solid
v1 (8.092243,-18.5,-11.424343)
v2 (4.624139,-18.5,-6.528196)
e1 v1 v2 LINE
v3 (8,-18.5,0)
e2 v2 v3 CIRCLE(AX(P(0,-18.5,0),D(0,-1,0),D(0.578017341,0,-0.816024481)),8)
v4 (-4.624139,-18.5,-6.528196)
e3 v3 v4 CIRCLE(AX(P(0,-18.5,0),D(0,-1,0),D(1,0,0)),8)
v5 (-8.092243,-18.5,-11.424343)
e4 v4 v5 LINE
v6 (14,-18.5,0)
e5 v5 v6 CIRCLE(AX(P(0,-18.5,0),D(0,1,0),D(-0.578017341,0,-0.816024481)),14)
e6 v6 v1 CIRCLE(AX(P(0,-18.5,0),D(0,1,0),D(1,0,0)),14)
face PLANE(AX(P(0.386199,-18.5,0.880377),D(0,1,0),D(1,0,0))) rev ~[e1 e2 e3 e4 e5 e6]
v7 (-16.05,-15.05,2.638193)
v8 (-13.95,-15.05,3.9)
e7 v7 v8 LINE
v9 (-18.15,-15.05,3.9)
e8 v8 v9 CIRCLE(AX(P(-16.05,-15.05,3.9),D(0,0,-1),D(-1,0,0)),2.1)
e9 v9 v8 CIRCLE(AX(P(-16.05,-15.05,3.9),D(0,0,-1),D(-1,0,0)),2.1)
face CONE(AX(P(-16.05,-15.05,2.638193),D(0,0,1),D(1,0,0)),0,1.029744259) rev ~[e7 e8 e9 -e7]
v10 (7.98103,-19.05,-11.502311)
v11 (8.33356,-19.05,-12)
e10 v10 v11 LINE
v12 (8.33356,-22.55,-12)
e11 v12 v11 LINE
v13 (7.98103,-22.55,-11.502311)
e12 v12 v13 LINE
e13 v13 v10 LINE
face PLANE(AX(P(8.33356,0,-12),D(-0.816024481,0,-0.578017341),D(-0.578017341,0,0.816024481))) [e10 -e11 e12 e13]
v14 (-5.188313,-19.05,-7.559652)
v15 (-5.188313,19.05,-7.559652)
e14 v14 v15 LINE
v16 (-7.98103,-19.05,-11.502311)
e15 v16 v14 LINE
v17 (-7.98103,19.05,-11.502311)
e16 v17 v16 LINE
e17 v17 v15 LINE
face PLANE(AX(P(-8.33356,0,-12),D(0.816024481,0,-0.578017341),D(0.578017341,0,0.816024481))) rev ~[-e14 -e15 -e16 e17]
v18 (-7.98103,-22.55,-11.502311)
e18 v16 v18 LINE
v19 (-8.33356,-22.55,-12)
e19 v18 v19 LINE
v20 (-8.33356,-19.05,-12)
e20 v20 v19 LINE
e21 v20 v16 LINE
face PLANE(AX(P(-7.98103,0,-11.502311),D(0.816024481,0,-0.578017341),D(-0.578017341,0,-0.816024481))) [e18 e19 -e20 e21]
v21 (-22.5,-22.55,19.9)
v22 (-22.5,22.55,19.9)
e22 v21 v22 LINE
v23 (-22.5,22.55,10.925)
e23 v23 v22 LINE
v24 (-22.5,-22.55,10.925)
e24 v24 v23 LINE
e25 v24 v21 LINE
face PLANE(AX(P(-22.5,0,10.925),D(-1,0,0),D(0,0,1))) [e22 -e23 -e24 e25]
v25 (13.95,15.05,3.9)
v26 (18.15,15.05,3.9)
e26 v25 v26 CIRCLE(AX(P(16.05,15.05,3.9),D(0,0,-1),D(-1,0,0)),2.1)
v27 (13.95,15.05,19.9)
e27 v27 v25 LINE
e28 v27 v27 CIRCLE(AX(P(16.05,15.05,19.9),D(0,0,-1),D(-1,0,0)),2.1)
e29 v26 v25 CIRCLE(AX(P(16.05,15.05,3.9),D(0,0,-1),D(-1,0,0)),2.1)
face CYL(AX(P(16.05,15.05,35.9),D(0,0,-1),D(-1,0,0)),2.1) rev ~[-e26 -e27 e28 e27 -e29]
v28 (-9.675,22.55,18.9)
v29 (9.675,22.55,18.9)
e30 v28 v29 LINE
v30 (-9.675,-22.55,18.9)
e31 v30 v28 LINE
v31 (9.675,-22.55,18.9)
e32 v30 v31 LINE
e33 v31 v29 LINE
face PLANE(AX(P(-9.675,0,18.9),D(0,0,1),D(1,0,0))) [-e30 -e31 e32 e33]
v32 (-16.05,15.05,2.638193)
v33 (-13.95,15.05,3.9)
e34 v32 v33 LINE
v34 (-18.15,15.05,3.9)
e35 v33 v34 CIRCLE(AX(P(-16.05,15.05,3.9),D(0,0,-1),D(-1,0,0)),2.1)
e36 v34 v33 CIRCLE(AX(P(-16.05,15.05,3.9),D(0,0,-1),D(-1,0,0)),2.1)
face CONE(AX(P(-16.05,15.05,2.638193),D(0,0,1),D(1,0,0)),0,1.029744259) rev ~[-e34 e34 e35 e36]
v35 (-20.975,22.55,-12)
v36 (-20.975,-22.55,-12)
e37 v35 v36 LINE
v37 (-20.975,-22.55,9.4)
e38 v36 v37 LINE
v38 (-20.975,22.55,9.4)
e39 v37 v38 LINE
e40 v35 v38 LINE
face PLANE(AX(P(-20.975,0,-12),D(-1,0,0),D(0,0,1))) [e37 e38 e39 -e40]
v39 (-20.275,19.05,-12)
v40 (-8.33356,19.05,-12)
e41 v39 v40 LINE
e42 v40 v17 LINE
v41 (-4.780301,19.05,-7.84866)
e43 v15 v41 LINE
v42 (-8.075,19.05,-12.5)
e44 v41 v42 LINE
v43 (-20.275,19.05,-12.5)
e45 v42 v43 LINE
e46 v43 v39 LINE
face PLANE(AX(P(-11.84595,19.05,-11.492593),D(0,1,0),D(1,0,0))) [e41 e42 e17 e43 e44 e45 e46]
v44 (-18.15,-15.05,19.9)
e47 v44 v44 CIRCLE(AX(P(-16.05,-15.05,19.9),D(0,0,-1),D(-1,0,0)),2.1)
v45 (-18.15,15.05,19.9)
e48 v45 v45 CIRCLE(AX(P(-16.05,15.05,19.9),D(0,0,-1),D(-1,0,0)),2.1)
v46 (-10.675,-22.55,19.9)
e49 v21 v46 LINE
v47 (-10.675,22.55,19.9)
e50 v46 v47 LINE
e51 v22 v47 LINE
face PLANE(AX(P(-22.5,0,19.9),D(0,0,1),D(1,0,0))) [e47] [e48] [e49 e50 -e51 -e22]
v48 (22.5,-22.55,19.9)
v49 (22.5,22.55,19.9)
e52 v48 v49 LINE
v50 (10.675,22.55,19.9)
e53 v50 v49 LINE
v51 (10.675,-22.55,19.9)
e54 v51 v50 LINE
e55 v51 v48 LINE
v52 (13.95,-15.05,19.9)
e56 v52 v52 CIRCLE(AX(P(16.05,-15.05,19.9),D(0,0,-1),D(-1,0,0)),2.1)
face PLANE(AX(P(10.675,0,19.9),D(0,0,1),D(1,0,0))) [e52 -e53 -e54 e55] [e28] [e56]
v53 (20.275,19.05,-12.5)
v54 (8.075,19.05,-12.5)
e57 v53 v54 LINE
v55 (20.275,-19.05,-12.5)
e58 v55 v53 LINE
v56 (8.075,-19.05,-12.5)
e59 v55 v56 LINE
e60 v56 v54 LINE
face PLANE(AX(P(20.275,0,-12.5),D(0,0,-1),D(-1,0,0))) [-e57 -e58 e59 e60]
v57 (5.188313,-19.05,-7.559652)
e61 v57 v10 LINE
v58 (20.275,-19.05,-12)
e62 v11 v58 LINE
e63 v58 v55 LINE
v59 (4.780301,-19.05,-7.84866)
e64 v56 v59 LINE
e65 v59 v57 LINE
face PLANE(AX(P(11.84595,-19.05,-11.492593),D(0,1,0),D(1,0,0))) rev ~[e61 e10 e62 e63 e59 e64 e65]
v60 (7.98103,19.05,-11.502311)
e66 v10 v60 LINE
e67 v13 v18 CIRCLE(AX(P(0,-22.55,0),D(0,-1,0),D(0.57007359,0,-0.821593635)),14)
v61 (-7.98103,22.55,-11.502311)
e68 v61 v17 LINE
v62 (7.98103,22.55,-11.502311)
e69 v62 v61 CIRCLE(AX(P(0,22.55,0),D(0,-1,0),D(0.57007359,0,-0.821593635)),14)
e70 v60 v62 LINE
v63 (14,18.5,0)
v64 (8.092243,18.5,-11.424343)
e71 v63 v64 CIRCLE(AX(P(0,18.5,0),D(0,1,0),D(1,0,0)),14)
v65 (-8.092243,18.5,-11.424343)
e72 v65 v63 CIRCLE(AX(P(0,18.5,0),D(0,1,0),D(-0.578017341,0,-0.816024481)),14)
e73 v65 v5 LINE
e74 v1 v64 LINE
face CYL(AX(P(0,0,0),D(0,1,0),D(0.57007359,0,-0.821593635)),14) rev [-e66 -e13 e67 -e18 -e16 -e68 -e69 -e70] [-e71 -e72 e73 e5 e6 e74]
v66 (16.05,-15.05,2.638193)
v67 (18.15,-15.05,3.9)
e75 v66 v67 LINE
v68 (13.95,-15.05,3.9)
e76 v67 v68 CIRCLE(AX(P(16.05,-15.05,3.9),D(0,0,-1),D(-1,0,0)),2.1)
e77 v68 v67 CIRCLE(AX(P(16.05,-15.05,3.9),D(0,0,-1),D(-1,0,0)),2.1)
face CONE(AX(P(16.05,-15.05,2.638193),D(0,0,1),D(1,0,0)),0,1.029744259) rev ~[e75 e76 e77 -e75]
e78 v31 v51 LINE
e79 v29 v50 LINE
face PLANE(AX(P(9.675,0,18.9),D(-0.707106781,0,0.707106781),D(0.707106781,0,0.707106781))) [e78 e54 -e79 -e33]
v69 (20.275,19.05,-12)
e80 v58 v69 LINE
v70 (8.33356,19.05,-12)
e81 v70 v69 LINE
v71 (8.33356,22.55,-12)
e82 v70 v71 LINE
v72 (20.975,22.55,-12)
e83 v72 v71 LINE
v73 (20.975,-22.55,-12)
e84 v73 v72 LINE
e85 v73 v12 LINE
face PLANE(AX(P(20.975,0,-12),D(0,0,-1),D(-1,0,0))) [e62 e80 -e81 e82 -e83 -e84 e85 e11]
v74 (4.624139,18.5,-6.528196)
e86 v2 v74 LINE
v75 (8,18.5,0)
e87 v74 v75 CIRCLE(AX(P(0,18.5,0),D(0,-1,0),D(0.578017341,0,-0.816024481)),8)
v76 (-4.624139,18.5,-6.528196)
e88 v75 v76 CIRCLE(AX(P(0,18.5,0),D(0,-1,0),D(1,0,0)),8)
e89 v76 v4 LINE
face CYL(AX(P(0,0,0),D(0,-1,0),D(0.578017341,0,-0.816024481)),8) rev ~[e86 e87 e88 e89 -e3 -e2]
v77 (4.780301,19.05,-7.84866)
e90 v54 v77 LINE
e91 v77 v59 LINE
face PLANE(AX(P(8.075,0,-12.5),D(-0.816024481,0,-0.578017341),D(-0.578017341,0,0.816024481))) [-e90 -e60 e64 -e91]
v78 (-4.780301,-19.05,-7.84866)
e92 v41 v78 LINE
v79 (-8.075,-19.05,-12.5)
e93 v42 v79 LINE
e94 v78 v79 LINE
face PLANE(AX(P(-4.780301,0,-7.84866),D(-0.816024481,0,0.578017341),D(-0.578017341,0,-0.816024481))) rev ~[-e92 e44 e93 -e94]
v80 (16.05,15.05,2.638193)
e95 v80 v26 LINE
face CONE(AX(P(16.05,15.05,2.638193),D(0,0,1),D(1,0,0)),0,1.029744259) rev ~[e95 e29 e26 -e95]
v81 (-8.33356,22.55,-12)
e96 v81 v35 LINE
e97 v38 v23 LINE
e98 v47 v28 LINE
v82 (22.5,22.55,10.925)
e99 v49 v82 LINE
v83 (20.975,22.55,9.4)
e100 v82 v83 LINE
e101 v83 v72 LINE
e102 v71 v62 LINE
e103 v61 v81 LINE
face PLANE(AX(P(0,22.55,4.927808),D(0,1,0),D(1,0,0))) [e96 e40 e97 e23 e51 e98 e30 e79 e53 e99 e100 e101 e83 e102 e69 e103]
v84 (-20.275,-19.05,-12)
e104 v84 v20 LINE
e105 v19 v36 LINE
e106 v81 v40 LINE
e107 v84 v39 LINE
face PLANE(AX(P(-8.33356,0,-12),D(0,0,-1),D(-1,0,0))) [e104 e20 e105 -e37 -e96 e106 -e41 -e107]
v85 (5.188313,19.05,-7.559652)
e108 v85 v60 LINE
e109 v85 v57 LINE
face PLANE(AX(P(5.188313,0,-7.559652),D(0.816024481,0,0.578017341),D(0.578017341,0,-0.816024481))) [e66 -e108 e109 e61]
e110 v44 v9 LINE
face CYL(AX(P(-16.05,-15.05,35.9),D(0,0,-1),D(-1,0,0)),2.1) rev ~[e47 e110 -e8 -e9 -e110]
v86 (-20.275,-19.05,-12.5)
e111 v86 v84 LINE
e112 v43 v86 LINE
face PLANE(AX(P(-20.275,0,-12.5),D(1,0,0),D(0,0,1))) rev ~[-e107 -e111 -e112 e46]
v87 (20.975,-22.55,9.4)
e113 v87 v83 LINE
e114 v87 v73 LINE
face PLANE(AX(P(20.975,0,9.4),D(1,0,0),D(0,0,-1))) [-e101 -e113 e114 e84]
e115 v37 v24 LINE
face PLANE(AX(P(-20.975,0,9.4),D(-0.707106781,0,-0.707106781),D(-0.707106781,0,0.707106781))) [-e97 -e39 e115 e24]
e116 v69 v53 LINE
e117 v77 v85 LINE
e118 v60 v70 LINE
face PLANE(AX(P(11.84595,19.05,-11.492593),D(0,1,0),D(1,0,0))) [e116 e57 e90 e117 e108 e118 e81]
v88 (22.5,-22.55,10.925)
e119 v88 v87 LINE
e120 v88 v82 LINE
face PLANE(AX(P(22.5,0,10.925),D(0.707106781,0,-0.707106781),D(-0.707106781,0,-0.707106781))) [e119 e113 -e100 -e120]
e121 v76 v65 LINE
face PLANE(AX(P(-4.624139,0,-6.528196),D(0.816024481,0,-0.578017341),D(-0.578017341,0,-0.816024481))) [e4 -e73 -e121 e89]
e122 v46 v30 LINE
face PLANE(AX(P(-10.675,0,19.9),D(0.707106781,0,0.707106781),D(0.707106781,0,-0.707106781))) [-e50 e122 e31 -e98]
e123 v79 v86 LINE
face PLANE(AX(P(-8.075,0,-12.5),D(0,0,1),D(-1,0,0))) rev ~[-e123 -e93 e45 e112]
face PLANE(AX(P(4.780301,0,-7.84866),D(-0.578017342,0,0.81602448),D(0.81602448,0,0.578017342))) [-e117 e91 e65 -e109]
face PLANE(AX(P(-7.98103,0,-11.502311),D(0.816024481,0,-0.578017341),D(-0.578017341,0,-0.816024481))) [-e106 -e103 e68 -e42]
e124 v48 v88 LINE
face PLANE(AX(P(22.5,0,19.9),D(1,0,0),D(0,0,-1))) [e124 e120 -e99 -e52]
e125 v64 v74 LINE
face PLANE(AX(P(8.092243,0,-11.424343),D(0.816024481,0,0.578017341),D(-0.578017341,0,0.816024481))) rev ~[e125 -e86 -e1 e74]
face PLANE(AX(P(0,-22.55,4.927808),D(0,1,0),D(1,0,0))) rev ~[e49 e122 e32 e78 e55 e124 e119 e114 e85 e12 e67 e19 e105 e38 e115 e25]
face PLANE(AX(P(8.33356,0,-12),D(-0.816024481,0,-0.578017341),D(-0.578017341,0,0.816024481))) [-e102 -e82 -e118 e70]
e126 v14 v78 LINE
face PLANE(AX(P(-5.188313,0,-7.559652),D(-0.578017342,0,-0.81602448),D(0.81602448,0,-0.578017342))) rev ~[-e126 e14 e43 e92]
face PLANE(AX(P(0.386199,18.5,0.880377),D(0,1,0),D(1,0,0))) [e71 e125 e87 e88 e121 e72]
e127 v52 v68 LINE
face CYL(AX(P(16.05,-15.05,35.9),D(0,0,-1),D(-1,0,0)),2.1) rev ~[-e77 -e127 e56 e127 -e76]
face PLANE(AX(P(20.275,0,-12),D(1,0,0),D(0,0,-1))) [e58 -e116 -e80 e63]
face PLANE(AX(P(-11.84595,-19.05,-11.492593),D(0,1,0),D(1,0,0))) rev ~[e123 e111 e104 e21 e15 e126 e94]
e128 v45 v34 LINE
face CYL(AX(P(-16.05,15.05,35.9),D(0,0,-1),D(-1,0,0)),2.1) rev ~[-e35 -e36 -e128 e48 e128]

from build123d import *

# Parameters (mm, degrees)
MAIN_BODY_DEPTH             = 22.55
RUBBER_BEARING_SLEEVE_DEPTH = 18.5
BOSS_EXTRUDE3_DEPTH         = 19.05
M5X0_8_TAPPED_HOLE1_D       = 4.2
M5X0_8_TAPPED_HOLE1_DEPTH   = 16
M5X0_8_TAPPED_HOLE1_TIP     = 1.2618073


with BuildPart() as part:
    # Sketch1 → Main Body (new, symmetric)
    with BuildSketch(Plane(origin=(0, 0, 0), x_dir=(1, 0, 0), z_dir=(0, 1, 0))):
        with BuildLine():
            Line((-20.975, 12), (-20.975, -9.4))
            Line((-20.975, -9.4), (-22.5, -10.925))
            Line((-22.5, -10.925), (-22.5, -19.9))
            Line((-22.5, -19.9), (-10.675, -19.9))
            Line((-10.675, -19.9), (-9.675, -18.9))
            Line((-9.675, -18.9), (9.675, -18.9))
            Line((9.675, -18.9), (10.675, -19.9))
            Line((10.675, -19.9), (22.5, -19.9))
            Line((22.5, -19.9), (22.5, -10.925))
            Line((22.5, -10.925), (20.975, -9.4))
            Line((20.975, -9.4), (20.975, 12))
            Line((20.975, 12), (8.333560049, 12))
            Line((8.333560049, 12), (7.981030265, 11.502310894))
            ThreePointArc((7.981030265, 11.502310894), (0, -14), (-7.981030265, 11.502310894))
            Line((-7.981030265, 11.502310894), (-8.333560049, 12))
            Line((-8.333560049, 12), (-20.975, 12))
        make_face()
    extrude(amount=MAIN_BODY_DEPTH, both=True)

    # Sketch1<3> → Rubber Bearing Sleeve (add, symmetric)
    with BuildSketch(Plane(origin=(0, 0, 0), x_dir=(1, 0, 0), z_dir=(0, 1, 0))):
        with BuildLine():
            Line((-4.624138726, 6.528195849), (-8.092242771, 11.424342735))
            ThreePointArc((-8.092242771, 11.424342735), (-6.430730954, -12.435662403), (14, 0))
            ThreePointArc((14, 0), (12.435662403, 6.430730954), (8.092242771, 11.424342735))
            Line((8.092242771, 11.424342735), (4.624138726, 6.528195849))
            ThreePointArc((4.624138726, 6.528195849), (7.106092802, 3.674703402), (8, 0))
            ThreePointArc((8, 0), (-3.674703402, -7.106092802), (-4.624138726, 6.528195849))
        make_face()
    extrude(amount=RUBBER_BEARING_SLEEVE_DEPTH, both=True)

    # Sketch1<4> → Boss-Extrude3 (add, symmetric)
    with BuildSketch(Plane(origin=(0, 0, 0), x_dir=(1, 0, 0), z_dir=(0, 1, 0))):
        Polygon((-20.275, 12.5), (-20.275, 12), (-8.333560049, 12), (-5.188313398, 7.559651787), (-4.780301158, 7.848660458), (-8.075, 12.5), align=None)
        Polygon((8.333560049, 12), (20.275, 12), (20.275, 12.5), (8.075, 12.5), (4.780301158, 7.848660458), (5.188313398, 7.559651787), align=None)
    extrude(amount=BOSS_EXTRUDE3_DEPTH, both=True)

    # M5x0.8 Tapped Hole1
    with Locations(Plane.XY.offset(19.9)):
        with Locations((-16.05, 15.05), (16.05, 15.05), (16.05, -15.05), (-16.05, -15.05)):
            Hole(M5X0_8_TAPPED_HOLE1_D / 2, depth=M5X0_8_TAPPED_HOLE1_DEPTH)
            with Locations((0, 0, -(M5X0_8_TAPPED_HOLE1_DEPTH + M5X0_8_TAPPED_HOLE1_TIP / 2))):  # 118° drill point
                Cone(0, M5X0_8_TAPPED_HOLE1_D / 2, M5X0_8_TAPPED_HOLE1_TIP, mode=Mode.SUBTRACT)


solid = part.part
